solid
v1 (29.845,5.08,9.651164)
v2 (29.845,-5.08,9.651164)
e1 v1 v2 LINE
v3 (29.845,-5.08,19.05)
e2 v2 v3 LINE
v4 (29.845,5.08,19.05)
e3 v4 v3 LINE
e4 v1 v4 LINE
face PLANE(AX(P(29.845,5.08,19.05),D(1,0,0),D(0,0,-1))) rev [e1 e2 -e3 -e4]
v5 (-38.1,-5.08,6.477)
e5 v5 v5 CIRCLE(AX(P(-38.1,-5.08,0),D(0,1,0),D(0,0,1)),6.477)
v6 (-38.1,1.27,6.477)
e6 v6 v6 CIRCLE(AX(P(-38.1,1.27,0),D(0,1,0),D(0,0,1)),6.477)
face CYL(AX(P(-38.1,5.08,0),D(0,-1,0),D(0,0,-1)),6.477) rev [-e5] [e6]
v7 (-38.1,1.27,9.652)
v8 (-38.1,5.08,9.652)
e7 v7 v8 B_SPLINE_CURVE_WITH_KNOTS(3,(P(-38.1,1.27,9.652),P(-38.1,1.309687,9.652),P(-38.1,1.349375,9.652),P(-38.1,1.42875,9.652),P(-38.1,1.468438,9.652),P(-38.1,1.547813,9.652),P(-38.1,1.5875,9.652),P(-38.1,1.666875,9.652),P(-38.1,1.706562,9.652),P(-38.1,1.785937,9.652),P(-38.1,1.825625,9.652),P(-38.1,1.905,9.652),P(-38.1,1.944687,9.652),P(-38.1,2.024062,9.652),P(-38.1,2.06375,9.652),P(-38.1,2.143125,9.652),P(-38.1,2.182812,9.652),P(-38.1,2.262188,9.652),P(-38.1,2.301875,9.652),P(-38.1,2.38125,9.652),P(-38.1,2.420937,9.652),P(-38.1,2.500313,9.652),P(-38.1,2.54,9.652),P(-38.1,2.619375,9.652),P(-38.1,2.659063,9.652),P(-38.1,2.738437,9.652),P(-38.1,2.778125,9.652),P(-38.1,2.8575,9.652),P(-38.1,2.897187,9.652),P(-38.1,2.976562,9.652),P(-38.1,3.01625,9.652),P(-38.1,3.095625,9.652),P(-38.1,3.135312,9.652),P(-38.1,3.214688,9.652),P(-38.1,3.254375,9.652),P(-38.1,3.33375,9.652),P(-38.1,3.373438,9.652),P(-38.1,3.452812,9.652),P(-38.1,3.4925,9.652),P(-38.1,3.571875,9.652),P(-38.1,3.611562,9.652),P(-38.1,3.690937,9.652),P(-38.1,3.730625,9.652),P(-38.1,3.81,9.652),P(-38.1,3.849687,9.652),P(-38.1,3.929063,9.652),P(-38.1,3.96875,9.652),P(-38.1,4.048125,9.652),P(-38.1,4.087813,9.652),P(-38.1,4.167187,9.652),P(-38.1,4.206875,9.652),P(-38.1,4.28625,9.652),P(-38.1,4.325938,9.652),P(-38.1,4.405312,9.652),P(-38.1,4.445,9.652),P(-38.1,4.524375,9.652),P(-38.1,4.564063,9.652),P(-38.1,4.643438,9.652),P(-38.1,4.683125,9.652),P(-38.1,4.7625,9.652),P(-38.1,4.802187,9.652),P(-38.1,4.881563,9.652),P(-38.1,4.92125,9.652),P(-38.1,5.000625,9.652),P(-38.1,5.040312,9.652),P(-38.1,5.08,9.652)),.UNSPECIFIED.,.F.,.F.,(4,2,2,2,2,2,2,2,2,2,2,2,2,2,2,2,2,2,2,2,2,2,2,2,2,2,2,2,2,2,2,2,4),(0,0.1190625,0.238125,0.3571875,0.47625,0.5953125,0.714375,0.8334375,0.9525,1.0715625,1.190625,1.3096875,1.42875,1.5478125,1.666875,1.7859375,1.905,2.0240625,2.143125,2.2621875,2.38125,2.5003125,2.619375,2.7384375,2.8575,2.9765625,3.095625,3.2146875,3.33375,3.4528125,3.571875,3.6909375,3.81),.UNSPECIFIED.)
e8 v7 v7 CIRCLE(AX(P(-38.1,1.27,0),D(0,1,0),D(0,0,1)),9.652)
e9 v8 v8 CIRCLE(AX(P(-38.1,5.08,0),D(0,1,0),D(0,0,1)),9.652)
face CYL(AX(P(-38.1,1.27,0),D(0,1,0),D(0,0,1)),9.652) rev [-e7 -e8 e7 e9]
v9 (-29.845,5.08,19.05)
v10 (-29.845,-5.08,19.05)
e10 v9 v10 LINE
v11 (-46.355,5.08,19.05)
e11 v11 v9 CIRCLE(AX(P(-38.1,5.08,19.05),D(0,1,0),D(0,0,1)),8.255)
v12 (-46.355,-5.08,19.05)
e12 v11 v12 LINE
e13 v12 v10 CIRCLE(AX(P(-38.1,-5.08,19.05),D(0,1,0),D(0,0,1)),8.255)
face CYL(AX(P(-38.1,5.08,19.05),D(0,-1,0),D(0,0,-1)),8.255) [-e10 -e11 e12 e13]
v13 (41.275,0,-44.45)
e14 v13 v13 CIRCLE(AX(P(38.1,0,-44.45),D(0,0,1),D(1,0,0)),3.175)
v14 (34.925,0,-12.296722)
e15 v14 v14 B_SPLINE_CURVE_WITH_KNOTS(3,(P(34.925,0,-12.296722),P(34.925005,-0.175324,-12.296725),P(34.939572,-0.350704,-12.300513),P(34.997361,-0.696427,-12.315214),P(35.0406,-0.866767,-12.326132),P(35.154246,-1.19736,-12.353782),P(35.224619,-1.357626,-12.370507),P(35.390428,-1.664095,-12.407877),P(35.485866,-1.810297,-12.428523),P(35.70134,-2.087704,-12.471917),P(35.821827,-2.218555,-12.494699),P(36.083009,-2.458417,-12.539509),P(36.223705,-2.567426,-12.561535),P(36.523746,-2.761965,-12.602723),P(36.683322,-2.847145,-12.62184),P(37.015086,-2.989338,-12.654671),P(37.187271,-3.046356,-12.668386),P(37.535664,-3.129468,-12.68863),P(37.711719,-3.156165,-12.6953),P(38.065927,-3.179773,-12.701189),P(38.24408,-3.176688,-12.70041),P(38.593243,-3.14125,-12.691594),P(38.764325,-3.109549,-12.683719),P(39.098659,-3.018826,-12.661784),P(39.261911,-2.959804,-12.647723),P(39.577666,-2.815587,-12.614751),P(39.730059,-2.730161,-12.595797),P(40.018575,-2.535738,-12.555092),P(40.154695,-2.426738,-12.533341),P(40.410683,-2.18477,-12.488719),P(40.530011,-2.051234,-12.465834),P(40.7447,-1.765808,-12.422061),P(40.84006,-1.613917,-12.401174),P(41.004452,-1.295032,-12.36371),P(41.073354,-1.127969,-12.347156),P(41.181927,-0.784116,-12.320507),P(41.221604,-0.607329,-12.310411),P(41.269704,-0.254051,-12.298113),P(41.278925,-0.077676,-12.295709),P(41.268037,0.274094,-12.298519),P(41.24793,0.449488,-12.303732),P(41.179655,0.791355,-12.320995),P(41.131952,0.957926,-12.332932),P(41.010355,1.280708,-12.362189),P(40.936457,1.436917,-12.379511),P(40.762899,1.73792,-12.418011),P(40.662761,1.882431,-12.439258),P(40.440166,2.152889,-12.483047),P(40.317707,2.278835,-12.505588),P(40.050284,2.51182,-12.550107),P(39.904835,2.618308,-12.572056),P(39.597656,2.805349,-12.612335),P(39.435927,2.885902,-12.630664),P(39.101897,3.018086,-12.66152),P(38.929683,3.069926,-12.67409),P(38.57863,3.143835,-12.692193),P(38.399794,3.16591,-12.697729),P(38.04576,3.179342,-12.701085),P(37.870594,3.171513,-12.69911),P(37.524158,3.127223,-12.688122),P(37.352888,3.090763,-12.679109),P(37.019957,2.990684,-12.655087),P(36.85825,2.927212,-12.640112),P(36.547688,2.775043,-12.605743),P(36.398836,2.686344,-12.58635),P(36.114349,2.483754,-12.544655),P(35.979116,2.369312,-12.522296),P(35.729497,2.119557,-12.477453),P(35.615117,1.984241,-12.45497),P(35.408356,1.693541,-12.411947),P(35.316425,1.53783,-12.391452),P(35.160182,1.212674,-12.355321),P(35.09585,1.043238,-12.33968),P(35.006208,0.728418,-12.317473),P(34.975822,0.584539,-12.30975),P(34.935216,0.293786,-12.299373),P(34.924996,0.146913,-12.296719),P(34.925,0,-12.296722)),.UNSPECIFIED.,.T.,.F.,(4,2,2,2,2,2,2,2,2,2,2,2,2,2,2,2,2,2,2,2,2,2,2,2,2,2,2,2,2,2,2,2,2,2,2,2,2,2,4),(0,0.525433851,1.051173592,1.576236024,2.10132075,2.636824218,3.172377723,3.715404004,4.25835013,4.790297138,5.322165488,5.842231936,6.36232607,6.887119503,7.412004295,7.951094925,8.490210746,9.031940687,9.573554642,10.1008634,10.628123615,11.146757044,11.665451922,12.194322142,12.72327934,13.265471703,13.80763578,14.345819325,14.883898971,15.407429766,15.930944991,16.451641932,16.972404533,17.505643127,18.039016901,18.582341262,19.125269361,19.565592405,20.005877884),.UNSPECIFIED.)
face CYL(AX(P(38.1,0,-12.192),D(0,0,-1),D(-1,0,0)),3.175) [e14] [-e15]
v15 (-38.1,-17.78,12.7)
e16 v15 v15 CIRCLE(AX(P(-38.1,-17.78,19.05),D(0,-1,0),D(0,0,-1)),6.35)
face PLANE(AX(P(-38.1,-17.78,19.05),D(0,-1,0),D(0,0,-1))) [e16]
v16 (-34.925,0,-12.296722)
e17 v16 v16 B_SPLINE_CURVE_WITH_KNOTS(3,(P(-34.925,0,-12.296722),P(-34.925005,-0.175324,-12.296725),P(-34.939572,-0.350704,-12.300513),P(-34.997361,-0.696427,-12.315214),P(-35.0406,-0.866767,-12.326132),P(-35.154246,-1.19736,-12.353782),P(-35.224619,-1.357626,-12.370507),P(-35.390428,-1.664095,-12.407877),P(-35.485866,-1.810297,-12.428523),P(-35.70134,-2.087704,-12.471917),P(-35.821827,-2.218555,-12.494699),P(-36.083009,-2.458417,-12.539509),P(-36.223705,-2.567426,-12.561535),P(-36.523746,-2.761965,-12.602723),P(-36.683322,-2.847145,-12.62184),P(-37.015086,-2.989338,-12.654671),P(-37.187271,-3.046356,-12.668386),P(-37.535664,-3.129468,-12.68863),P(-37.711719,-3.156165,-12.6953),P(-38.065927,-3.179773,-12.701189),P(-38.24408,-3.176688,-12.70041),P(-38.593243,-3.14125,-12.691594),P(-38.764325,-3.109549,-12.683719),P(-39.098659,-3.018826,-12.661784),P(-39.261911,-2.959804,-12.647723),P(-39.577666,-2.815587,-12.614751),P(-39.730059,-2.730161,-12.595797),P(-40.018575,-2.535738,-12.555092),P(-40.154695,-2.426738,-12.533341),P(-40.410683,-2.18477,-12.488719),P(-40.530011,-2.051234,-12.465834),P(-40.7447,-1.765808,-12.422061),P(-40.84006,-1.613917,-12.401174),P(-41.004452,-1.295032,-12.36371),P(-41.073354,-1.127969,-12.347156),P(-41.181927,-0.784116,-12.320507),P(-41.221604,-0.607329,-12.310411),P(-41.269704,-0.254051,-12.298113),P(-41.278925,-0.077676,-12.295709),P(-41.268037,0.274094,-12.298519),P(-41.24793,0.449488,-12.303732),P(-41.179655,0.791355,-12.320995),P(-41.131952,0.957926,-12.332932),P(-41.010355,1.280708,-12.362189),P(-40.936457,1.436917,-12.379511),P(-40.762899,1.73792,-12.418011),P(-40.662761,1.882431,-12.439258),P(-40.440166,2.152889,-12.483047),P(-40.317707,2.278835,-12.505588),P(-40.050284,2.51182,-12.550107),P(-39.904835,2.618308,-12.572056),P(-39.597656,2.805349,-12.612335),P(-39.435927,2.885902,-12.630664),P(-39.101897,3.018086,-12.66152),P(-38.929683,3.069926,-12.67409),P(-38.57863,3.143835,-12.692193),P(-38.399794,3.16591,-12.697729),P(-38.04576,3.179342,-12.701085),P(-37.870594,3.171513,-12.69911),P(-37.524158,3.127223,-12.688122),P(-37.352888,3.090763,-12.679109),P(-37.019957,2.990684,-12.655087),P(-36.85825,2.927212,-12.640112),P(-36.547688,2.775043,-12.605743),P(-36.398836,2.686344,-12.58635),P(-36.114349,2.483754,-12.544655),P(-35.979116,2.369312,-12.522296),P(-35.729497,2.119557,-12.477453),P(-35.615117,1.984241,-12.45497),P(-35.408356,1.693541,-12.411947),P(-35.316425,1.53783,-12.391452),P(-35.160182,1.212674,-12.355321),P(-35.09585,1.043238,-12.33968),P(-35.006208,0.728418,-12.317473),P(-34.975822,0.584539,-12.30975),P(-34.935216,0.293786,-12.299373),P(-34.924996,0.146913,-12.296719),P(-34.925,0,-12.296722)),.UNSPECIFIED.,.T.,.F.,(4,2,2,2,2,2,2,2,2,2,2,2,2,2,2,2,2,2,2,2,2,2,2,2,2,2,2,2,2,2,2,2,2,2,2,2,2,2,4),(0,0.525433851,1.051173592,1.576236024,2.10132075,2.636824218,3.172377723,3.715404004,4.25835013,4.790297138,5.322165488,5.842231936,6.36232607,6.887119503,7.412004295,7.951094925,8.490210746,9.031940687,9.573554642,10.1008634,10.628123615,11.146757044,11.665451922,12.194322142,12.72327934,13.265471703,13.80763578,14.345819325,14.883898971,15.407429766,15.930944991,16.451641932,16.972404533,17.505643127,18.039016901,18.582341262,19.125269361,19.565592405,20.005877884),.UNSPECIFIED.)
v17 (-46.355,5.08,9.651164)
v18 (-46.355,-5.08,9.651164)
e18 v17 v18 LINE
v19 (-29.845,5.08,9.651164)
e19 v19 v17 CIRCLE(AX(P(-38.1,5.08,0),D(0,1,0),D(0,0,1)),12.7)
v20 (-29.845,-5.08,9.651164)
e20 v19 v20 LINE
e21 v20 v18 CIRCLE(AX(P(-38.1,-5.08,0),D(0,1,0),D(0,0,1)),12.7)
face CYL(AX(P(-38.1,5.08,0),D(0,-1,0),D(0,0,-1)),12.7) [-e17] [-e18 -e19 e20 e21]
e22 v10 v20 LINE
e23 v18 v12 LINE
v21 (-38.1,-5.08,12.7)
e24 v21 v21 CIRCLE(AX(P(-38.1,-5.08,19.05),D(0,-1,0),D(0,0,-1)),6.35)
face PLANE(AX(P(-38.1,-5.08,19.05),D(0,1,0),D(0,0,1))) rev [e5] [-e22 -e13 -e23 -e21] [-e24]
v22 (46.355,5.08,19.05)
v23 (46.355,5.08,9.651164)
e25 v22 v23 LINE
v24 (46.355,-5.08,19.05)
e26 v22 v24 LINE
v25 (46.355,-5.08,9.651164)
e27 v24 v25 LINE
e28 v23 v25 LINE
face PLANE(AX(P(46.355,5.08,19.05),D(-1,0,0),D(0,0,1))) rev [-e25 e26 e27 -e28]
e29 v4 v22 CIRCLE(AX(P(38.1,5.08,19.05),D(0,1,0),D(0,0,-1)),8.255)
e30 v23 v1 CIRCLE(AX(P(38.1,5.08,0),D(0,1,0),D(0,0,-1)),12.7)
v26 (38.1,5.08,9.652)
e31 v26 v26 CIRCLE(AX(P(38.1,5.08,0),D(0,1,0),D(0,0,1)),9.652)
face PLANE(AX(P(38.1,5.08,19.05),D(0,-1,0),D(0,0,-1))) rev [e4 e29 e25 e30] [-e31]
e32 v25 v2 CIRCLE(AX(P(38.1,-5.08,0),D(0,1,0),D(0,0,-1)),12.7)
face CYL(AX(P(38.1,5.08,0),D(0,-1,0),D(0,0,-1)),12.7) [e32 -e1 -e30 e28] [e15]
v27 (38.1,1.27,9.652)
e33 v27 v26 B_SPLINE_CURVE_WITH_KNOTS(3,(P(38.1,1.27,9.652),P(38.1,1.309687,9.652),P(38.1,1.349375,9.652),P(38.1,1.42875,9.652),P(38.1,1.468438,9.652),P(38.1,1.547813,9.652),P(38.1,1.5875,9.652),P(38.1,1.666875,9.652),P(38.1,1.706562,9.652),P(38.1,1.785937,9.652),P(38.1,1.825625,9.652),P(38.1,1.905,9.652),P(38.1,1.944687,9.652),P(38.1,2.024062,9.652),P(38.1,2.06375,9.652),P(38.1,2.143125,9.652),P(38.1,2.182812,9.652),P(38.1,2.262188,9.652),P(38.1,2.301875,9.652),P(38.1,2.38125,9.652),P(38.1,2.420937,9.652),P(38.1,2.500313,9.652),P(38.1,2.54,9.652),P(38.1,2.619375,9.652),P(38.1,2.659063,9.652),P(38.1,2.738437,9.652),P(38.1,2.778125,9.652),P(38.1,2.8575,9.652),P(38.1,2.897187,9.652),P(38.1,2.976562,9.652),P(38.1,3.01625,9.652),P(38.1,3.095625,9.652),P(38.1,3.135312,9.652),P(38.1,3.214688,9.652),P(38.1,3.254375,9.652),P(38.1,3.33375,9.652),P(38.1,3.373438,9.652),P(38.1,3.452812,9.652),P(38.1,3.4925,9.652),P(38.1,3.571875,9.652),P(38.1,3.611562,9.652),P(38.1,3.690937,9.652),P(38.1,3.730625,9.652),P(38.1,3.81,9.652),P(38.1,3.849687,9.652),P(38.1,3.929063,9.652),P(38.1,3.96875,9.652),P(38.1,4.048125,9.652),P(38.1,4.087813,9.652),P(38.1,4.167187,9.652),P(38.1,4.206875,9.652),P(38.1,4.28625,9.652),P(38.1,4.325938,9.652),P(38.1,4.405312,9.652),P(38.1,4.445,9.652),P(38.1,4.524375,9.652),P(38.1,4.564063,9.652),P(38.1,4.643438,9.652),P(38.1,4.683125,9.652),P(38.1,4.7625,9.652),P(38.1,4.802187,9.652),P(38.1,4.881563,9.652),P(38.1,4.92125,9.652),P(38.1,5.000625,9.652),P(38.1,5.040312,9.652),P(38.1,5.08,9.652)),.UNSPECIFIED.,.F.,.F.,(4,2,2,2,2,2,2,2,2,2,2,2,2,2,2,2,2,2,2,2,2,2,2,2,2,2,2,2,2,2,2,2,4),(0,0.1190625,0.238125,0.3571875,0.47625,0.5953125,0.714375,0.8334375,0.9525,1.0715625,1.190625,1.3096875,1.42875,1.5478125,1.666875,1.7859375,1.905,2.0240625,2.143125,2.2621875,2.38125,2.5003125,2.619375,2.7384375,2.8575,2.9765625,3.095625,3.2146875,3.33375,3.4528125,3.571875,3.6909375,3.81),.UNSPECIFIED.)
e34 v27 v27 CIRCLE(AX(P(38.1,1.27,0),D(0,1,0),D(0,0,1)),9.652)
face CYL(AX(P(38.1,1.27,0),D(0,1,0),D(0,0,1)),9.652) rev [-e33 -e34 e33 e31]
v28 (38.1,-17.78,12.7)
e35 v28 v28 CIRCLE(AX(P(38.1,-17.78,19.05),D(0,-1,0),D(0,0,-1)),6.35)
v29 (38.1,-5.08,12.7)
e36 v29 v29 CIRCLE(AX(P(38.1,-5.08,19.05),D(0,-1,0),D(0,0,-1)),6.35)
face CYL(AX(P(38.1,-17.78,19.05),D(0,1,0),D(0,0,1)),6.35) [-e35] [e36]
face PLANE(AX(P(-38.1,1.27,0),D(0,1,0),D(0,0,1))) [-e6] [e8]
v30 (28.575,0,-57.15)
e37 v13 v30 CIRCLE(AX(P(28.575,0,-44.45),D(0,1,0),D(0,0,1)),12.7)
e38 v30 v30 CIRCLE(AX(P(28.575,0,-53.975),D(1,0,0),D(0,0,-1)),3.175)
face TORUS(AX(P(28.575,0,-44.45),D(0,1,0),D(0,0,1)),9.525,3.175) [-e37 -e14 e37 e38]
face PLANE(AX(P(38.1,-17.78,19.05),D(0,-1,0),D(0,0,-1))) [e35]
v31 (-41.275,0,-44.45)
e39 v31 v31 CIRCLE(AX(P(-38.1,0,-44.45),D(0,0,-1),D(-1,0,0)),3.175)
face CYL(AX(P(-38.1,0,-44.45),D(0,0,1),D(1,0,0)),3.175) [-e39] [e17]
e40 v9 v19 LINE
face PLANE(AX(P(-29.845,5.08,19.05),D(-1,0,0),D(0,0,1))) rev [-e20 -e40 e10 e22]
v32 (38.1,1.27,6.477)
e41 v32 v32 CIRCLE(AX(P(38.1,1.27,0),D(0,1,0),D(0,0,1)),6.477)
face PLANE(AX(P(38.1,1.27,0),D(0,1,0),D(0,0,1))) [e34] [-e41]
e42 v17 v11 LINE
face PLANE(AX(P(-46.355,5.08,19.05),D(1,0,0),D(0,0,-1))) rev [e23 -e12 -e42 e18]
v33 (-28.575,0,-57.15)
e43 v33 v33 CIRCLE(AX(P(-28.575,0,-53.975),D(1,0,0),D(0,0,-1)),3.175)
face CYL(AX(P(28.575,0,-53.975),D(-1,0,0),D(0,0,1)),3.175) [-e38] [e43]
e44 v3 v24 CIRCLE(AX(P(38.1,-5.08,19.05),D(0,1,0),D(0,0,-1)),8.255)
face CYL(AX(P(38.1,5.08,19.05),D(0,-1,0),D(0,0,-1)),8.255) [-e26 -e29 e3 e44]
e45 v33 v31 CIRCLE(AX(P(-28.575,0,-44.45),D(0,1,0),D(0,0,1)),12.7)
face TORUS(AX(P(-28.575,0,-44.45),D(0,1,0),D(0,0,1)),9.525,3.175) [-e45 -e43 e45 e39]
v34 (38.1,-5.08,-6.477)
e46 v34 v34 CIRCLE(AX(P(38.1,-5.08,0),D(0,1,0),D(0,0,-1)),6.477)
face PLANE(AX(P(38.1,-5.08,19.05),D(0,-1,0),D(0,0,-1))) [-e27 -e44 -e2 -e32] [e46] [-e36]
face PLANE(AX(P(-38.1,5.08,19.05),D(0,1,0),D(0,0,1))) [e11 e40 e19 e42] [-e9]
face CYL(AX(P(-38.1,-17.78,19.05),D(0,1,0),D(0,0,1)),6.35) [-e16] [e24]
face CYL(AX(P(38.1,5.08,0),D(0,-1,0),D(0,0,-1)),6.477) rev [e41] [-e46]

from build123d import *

# Parameters (mm, degrees)
SKETCH1_R             = 6.477
BOSS_EXTRUDE1_DEPTH   = 5.08
BOSS_EXTRUDE1_2_DEPTH = 5.08
SKETCH2_R             = 6.35
BOSS_EXTRUDE2_DEPTH   = 12.7
SKETCH3_R             = 9.652
CUT_EXTRUDE1_DEPTH    = 3.81
SKETCH5_R             = 3.175


with BuildPart() as part:
    # Sketch1 → Boss-Extrude1 (new, symmetric)
    with BuildSketch(Plane(origin=(0, 0, 0), x_dir=(1, 0, 0), z_dir=(0, 1, 0))):
        with BuildLine():
            Line((-46.355, -19.05), (-46.355, -9.651164438))
            ThreePointArc((-46.355, -9.651164438), (-38.1, 12.7), (-29.845, -9.651164438))
            Line((-29.845, -9.651164438), (-29.845, -19.05))
            ThreePointArc((-29.845, -19.05), (-38.1, -27.305), (-46.355, -19.05))
        make_face()
        with Locations(Location((-38.1, 0, 0), (0, 0, 270))):
            Circle(SKETCH1_R, mode=Mode.SUBTRACT)
    extrude(amount=BOSS_EXTRUDE1_DEPTH, both=True)



with BuildPart() as body_2:
    # Sketch1 → Boss-Extrude1 2 (new, symmetric)
    with BuildSketch(Plane(origin=(0, 0, 0), x_dir=(1, 0, 0), z_dir=(0, 1, 0))):
        with BuildLine():
            Line((29.845, -19.05), (29.845, -9.651164438))
            ThreePointArc((29.845, -9.651164438), (38.1, 12.7), (46.355, -9.651164438))
            Line((46.355, -9.651164438), (46.355, -19.05))
            ThreePointArc((46.355, -19.05), (38.1, -27.305), (29.845, -19.05))
        make_face()
        with Locations(Location((38.1, 0, 0), (0, 0, 90))):
            Circle(SKETCH1_R, mode=Mode.SUBTRACT)
    extrude(amount=BOSS_EXTRUDE1_2_DEPTH, both=True)


with BuildPart() as part_1:
    add(part.part)

    add(body_2.part)  # Boss-Extrude2 merges body 2
    # Sketch2 → Boss-Extrude2 (add)
    with BuildSketch(Plane.XZ.offset(5.08)):
        with Locations(Location((-38.1, 19.05, 0), (0, 0, 270))):
            Circle(SKETCH2_R)
        with Locations(Location((38.1, 19.05, 0), (0, 0, 270))):
            Circle(SKETCH2_R)
    extrude(amount=BOSS_EXTRUDE2_DEPTH)

    # Sketch3 → Cut-Extrude1 (cut)
    with BuildSketch(Plane(origin=(0, 5.08, 0), x_dir=(1, 0, 0), z_dir=(0, 1, 0))):
        with Locations(Location((-38.1, 0, 0), (0, 0, 270))):
            Circle(SKETCH3_R)
        with Locations(Location((38.1, 0, 0), (0, 0, 270))):
            Circle(SKETCH3_R)
    extrude(amount=-CUT_EXTRUDE1_DEPTH, mode=Mode.SUBTRACT)

    # Sweep1: sweep along a path in Sketch6
    with BuildLine(Plane(origin=(0, 0, 0), x_dir=(1, 0, 0), z_dir=(0, 1, 0))) as sweep1_path:
        Line((38.1, 12.192), (38.1, 44.45))
        ThreePointArc((38.1, 44.45), (35.310192091, 51.185192091), (28.575, 53.975))
        Line((28.575, 53.975), (-28.575, 53.975))
        ThreePointArc((-28.575, 53.975), (-35.310192091, 51.185192091), (-38.1, 44.45))
        Line((-38.1, 44.45), (-38.1, 12.192))
    # Sketch5 → Sweep1 (sweep)
    with BuildSketch(Plane.XY.offset(-12.192)):
        with Locations((38.1, 0)):
            Circle(SKETCH5_R)
    sweep(path=sweep1_path.line)


solid = part_1.part
